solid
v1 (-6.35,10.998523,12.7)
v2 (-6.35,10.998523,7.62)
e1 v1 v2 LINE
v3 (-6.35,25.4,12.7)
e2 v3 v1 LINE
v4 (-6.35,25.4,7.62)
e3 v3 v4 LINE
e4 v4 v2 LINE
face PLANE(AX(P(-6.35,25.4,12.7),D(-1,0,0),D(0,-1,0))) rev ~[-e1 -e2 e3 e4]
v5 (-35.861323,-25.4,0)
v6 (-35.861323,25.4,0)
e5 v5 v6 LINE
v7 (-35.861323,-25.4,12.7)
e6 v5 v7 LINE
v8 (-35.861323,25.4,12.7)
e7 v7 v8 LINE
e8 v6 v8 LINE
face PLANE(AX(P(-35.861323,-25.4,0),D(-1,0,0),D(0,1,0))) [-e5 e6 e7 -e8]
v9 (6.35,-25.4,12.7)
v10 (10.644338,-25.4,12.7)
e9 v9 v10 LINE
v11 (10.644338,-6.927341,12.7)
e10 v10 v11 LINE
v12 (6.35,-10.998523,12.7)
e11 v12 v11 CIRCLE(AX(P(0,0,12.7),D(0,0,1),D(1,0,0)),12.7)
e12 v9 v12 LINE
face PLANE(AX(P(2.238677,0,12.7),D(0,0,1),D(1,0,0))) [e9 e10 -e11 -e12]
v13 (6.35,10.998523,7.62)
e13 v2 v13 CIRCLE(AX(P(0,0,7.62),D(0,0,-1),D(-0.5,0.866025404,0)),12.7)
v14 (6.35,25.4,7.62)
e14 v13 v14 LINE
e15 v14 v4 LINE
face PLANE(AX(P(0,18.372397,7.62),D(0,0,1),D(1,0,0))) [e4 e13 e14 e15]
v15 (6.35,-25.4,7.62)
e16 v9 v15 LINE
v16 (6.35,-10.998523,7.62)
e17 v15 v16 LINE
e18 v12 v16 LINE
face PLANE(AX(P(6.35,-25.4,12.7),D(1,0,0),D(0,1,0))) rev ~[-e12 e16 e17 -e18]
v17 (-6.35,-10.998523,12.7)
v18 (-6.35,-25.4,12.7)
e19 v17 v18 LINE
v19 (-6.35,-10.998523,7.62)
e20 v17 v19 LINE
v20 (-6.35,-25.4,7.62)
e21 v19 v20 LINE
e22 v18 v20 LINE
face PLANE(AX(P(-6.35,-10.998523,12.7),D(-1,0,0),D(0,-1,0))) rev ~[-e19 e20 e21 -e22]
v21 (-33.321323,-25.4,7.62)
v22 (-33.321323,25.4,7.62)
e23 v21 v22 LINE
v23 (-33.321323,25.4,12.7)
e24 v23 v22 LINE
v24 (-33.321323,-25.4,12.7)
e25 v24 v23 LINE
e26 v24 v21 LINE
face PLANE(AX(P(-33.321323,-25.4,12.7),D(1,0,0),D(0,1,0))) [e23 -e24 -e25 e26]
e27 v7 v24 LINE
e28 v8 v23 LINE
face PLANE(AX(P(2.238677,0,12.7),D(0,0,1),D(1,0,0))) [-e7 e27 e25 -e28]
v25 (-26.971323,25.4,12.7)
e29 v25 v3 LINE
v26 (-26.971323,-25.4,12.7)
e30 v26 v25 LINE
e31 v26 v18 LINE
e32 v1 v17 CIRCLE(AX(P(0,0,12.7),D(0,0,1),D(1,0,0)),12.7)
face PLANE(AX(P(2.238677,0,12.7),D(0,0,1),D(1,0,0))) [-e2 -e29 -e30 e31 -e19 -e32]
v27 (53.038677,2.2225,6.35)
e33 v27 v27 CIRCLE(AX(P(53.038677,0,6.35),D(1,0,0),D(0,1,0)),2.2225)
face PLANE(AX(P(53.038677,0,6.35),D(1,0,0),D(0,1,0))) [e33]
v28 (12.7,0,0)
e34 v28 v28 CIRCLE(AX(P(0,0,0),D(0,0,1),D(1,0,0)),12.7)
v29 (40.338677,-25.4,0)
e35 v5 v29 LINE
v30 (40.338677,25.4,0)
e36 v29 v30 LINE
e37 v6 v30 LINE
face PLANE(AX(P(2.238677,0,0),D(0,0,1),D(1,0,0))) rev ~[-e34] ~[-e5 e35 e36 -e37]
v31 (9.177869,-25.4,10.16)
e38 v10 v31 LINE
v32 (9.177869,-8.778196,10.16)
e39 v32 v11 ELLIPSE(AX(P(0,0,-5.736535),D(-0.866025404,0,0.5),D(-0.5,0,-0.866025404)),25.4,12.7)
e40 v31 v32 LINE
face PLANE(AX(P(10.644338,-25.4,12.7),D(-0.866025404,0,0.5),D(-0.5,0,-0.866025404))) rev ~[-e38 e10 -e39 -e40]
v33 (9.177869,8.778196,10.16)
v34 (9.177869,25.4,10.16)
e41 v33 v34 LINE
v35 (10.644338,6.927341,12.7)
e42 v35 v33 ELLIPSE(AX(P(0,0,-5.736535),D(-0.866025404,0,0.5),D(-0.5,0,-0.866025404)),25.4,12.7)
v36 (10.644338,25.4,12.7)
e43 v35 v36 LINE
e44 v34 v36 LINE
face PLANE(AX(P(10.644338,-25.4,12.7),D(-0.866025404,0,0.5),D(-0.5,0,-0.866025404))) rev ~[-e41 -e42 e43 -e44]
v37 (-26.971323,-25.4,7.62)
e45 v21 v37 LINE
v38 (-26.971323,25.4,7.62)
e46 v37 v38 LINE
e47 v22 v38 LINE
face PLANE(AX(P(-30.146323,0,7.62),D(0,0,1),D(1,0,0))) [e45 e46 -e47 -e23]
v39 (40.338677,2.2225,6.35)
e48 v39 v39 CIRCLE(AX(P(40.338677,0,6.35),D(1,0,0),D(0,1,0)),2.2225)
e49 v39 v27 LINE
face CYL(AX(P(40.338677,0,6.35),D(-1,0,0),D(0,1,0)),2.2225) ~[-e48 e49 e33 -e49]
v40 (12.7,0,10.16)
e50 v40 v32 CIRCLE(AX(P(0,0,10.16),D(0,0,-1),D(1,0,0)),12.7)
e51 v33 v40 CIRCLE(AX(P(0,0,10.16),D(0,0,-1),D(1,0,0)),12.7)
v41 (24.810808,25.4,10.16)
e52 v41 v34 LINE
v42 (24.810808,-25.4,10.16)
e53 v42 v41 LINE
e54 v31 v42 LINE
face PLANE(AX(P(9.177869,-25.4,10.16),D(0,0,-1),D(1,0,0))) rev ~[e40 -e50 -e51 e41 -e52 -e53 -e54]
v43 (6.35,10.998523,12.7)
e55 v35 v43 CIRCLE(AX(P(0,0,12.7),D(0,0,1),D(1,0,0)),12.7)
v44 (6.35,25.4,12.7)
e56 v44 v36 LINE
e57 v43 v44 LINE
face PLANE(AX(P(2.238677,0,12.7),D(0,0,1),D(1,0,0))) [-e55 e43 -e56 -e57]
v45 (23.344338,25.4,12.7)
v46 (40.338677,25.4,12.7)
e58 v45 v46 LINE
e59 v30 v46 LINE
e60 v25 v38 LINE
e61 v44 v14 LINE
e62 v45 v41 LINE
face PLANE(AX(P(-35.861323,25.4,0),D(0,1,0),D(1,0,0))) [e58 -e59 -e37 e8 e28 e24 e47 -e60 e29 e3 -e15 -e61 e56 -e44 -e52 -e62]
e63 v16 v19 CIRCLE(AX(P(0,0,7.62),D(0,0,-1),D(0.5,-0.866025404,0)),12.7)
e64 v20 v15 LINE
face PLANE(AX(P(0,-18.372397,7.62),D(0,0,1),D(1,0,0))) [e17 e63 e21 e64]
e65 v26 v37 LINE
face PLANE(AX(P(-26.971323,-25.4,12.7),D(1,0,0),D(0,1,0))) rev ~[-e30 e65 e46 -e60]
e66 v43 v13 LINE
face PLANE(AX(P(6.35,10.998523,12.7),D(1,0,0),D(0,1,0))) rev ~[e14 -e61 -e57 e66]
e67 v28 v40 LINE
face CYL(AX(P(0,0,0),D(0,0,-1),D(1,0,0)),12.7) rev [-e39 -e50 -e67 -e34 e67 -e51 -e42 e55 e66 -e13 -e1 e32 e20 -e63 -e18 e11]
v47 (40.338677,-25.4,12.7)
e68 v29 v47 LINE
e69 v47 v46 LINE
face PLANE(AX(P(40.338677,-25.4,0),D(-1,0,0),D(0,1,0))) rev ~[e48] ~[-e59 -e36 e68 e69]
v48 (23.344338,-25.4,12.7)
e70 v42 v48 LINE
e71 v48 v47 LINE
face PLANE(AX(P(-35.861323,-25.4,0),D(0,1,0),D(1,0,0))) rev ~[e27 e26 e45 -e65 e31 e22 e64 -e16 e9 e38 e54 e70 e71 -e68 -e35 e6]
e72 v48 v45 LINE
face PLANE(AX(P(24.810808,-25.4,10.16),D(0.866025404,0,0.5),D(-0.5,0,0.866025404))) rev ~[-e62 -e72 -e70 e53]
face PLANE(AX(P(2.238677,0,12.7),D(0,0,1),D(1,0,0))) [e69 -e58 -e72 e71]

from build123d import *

# Parameters (mm, degrees)
F0_W     = 76.2
F0_H     = 50.8
F0_R     = 12.7
F1_DEPTH = 12.7
F2_W     = 6.35
F2_H     = 50.8
F3_DEPTH = 5.08
F5_DEPTH = 50.801
F6_R     = 2.2225
F7_DEPTH = 12.7


with BuildPart() as f1:
    # F0 (on Top) → F1 (new body)
    with BuildSketch(Plane.XY):
        with Locations((2.2386768513, 0)):
            Rectangle(F0_W, F0_H)
        Circle(F0_R, mode=Mode.SUBTRACT)
    extrude(amount=F1_DEPTH)

    # F2 (on face) → F3 (cut)
    with BuildSketch(Plane.XY.offset(12.7)):
        with Locations((-30.1463231487, 0)):
            Rectangle(F2_W, F2_H)
        with BuildLine():
            Line((-6.35, -10.9985226281), (-6.35, -25.4))
            Line((-6.35, -25.4), (6.35, -25.4))
            Line((6.35, -25.4), (6.35, -10.9985226281))
            ThreePointArc((6.35, -10.9985226281), (0, -12.7), (-6.35, -10.9985226281))
        make_face()
        with BuildLine():
            Line((6.35, 25.4), (-6.35, 25.4))
            Line((-6.35, 25.4), (-6.35, 10.9985226281))
            ThreePointArc((-6.35, 10.9985226281), (0, 12.7), (6.35, 10.9985226281))
            Line((6.35, 10.9985226281), (6.35, 25.4))
        make_face()
    extrude(amount=-F3_DEPTH, mode=Mode.SUBTRACT)

    # F4 (on face) → F5 (cut, through all)
    with BuildSketch(Plane.XZ.offset(25.4)):
        Polygon((23.3443384257, 12.7), (10.6443384257, 12.7), (9.1778687419, 10.16), (24.8108081094, 10.16), align=None)
    extrude(amount=-F5_DEPTH, mode=Mode.SUBTRACT)

    # F6 (on face) → F7 (join)
    with BuildSketch(Plane.YZ.offset(40.3386768513)):
        with Locations((0, 6.35)):
            Circle(F6_R)
    extrude(amount=F7_DEPTH)


solid = f1.part
